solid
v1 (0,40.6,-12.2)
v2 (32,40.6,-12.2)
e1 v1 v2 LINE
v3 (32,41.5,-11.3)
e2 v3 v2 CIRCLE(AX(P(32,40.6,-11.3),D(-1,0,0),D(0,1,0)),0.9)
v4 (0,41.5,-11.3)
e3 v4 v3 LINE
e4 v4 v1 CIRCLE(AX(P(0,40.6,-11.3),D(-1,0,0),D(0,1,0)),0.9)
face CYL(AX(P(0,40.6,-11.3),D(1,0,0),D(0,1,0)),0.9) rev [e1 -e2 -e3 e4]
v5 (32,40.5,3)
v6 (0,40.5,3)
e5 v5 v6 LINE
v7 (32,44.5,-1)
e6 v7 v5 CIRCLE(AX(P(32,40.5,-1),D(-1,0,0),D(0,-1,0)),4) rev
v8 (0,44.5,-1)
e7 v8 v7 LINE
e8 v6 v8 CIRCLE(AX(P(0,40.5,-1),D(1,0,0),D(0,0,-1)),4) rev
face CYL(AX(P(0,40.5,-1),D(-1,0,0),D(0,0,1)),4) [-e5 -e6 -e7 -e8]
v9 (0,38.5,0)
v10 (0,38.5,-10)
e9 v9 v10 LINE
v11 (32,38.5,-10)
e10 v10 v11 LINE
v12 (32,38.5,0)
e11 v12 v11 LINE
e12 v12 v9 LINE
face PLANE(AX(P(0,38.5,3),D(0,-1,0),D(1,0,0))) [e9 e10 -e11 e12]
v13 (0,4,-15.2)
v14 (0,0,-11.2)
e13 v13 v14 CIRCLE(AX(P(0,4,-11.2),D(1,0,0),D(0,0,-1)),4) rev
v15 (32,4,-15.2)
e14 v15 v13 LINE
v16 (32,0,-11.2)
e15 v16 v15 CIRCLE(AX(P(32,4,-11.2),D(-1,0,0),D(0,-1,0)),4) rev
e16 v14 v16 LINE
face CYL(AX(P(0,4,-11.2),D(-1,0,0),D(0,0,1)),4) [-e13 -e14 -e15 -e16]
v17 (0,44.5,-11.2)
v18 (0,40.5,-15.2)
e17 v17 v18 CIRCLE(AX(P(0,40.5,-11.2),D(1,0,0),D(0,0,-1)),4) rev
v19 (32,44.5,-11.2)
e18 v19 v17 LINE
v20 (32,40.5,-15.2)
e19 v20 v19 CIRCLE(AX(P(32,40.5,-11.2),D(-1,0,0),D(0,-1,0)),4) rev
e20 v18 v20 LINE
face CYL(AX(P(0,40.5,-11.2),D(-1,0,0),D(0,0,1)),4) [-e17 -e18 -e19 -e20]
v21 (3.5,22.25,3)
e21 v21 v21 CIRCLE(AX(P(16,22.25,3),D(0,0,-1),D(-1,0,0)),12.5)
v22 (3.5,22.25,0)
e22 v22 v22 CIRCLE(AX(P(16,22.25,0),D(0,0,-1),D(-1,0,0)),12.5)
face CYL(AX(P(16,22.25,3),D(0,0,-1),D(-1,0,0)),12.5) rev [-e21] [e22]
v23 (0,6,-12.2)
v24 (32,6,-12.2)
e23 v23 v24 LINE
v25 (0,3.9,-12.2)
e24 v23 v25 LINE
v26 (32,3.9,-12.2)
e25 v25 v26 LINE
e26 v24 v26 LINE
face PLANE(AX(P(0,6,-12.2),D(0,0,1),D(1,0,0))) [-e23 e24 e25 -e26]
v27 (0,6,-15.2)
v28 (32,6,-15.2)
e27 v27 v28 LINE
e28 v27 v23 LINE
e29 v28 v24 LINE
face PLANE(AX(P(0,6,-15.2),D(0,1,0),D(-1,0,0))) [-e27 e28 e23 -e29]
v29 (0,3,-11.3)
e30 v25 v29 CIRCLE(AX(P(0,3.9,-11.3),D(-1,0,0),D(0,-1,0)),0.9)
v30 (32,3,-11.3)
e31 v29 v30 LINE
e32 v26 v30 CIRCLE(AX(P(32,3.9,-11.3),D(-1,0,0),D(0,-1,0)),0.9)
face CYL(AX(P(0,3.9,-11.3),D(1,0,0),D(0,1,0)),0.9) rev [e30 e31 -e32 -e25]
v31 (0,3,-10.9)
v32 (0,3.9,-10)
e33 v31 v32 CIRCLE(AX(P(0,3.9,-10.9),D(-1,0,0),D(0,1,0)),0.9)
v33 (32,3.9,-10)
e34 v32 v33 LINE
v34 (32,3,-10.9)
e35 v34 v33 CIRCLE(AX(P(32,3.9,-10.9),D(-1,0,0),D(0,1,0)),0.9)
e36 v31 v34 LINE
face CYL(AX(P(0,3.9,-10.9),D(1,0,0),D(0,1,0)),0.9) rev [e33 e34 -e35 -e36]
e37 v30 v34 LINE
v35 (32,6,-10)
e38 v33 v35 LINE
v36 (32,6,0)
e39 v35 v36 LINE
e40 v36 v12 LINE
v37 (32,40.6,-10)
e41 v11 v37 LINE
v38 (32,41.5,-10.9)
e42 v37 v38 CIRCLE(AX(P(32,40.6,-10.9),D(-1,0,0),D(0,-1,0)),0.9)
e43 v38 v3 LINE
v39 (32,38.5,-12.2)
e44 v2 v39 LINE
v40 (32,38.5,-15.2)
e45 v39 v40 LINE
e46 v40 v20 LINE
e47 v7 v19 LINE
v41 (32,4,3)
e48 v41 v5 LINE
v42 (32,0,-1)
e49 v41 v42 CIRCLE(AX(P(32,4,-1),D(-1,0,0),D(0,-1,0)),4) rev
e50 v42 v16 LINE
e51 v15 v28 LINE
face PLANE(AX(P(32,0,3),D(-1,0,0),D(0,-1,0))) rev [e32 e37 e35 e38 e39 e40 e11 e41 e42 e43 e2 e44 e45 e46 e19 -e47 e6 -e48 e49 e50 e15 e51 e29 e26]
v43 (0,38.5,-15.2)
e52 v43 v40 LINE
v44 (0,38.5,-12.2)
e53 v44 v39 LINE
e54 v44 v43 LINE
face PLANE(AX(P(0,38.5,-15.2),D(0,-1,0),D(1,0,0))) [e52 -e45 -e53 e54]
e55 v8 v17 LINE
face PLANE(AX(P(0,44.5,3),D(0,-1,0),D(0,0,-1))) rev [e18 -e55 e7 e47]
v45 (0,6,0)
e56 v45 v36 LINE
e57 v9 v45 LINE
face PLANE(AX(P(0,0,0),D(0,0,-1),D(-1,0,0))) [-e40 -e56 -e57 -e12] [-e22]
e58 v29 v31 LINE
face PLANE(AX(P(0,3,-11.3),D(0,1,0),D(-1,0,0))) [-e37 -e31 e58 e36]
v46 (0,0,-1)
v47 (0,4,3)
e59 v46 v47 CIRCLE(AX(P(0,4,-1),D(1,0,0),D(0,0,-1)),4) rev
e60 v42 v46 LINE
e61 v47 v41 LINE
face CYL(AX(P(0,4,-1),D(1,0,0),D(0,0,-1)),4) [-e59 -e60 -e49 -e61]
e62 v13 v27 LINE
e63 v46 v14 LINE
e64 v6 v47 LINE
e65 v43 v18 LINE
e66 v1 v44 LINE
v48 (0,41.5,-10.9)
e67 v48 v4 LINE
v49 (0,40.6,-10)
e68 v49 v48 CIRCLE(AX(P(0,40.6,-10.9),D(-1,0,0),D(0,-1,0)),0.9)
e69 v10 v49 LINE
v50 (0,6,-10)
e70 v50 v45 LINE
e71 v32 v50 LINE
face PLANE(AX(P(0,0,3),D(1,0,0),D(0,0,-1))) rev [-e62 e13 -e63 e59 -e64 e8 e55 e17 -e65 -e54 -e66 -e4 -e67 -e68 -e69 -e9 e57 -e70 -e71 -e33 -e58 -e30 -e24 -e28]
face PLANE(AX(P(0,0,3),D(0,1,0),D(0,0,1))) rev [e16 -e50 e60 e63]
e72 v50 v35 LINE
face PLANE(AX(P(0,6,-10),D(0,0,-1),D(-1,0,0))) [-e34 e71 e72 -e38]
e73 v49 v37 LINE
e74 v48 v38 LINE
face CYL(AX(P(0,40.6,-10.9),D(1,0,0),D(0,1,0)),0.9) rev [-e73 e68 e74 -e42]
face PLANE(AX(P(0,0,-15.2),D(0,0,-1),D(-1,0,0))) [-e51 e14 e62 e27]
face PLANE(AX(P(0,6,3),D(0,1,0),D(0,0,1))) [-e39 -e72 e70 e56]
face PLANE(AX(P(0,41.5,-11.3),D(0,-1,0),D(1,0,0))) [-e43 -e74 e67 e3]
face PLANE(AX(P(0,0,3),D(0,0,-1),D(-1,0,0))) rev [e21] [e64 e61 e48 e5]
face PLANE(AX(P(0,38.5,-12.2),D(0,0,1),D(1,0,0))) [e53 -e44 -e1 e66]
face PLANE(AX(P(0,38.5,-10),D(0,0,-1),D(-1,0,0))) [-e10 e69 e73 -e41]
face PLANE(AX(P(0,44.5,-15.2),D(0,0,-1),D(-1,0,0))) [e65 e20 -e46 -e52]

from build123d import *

# Parameters (mm, degrees)
SKIZZE1_W                       = 32
SKIZZE1_H                       = 44.5
AUFSATZ_LINEAR_AUSTRAGEN1_DEPTH = 3
AUFSATZ_LINEAR_AUSTRAGEN2_DEPTH = 32
SKIZZE3_R                       = 12.5
SCHNITT_LINEAR_AUSTRAGEN1_DEPTH = 57.879609703
VERRUNDUNG1_R                   = 4
VERRUNDUNG2_R                   = 4


with BuildPart() as part:
    # Skizze1 → Aufsatz-Linear austragen1 (new body)
    with BuildSketch(Plane.XY):
        with Locations((16, 22.25)):
            Rectangle(SKIZZE1_W, SKIZZE1_H)
    extrude(amount=AUFSATZ_LINEAR_AUSTRAGEN1_DEPTH)

    # Skizze2 → Aufsatz-Linear austragen2 (add, through all)
    with BuildSketch(Plane(origin=(32, 0, 0), x_dir=(0, 0, -1), z_dir=(1, 0, 0))):
        with BuildLine():
            Line((0, 44.5), (15.2, 44.5))
            Line((15.2, 44.5), (15.2, 38.5))
            Line((15.2, 38.5), (12.2, 38.5))
            Line((12.2, 38.5), (12.2, 40.6))
            ThreePointArc((12.2, 40.6), (11.936396103, 41.236396103), (11.3, 41.5))
            Line((11.3, 41.5), (10.9, 41.5))
            ThreePointArc((10.9, 41.5), (10.263603897, 41.236396103), (10, 40.6))
            Line((10, 40.6), (10, 38.5))
            Line((10, 38.5), (-3, 38.5))
            Line((-3, 38.5), (-3, 44.5))
            Line((-3, 44.5), (0, 44.5))
        make_face()
        with BuildLine():
            Line((0, 0), (-3, 0))
            Line((-3, 0), (-3, 6))
            Line((-3, 6), (10, 6))
            Line((10, 6), (10, 3.9))
            ThreePointArc((10, 3.9), (10.263603897, 3.263603897), (10.9, 3))
            Line((10.9, 3), (11.3, 3))
            ThreePointArc((11.3, 3), (11.936396103, 3.263603897), (12.2, 3.9))
            Line((12.2, 3.9), (12.2, 6))
            Line((12.2, 6), (15.2, 6))
            Line((15.2, 6), (15.2, 0))
            Line((15.2, 0), (0, 0))
        make_face()
    extrude(amount=-AUFSATZ_LINEAR_AUSTRAGEN2_DEPTH)

    # Skizze3 → Schnitt-Linear austragen1 (cut, through all)
    with BuildSketch(Plane(origin=(0, 0, 0), x_dir=(-1, 0, 0), z_dir=(0, 0, -1))):
        with Locations((-16, 22.25)):
            Circle(SKIZZE3_R)
    extrude(amount=-SCHNITT_LINEAR_AUSTRAGEN1_DEPTH, mode=Mode.SUBTRACT)

    # Verrundung1
    verrundung1_edges = [part.edges().sort_by_distance(p)[0] for p in [
        (16, 44.5, 3),
        (16, 0, 3),
    ]]
    fillet(verrundung1_edges, radius=VERRUNDUNG1_R)

    # Verrundung2
    verrundung2_edges = [part.edges().sort_by_distance(p)[0] for p in [
        (16, 44.5, -15.2),
        (16, 0, -15.2),
    ]]
    fillet(verrundung2_edges, radius=VERRUNDUNG2_R)


solid = part.part
